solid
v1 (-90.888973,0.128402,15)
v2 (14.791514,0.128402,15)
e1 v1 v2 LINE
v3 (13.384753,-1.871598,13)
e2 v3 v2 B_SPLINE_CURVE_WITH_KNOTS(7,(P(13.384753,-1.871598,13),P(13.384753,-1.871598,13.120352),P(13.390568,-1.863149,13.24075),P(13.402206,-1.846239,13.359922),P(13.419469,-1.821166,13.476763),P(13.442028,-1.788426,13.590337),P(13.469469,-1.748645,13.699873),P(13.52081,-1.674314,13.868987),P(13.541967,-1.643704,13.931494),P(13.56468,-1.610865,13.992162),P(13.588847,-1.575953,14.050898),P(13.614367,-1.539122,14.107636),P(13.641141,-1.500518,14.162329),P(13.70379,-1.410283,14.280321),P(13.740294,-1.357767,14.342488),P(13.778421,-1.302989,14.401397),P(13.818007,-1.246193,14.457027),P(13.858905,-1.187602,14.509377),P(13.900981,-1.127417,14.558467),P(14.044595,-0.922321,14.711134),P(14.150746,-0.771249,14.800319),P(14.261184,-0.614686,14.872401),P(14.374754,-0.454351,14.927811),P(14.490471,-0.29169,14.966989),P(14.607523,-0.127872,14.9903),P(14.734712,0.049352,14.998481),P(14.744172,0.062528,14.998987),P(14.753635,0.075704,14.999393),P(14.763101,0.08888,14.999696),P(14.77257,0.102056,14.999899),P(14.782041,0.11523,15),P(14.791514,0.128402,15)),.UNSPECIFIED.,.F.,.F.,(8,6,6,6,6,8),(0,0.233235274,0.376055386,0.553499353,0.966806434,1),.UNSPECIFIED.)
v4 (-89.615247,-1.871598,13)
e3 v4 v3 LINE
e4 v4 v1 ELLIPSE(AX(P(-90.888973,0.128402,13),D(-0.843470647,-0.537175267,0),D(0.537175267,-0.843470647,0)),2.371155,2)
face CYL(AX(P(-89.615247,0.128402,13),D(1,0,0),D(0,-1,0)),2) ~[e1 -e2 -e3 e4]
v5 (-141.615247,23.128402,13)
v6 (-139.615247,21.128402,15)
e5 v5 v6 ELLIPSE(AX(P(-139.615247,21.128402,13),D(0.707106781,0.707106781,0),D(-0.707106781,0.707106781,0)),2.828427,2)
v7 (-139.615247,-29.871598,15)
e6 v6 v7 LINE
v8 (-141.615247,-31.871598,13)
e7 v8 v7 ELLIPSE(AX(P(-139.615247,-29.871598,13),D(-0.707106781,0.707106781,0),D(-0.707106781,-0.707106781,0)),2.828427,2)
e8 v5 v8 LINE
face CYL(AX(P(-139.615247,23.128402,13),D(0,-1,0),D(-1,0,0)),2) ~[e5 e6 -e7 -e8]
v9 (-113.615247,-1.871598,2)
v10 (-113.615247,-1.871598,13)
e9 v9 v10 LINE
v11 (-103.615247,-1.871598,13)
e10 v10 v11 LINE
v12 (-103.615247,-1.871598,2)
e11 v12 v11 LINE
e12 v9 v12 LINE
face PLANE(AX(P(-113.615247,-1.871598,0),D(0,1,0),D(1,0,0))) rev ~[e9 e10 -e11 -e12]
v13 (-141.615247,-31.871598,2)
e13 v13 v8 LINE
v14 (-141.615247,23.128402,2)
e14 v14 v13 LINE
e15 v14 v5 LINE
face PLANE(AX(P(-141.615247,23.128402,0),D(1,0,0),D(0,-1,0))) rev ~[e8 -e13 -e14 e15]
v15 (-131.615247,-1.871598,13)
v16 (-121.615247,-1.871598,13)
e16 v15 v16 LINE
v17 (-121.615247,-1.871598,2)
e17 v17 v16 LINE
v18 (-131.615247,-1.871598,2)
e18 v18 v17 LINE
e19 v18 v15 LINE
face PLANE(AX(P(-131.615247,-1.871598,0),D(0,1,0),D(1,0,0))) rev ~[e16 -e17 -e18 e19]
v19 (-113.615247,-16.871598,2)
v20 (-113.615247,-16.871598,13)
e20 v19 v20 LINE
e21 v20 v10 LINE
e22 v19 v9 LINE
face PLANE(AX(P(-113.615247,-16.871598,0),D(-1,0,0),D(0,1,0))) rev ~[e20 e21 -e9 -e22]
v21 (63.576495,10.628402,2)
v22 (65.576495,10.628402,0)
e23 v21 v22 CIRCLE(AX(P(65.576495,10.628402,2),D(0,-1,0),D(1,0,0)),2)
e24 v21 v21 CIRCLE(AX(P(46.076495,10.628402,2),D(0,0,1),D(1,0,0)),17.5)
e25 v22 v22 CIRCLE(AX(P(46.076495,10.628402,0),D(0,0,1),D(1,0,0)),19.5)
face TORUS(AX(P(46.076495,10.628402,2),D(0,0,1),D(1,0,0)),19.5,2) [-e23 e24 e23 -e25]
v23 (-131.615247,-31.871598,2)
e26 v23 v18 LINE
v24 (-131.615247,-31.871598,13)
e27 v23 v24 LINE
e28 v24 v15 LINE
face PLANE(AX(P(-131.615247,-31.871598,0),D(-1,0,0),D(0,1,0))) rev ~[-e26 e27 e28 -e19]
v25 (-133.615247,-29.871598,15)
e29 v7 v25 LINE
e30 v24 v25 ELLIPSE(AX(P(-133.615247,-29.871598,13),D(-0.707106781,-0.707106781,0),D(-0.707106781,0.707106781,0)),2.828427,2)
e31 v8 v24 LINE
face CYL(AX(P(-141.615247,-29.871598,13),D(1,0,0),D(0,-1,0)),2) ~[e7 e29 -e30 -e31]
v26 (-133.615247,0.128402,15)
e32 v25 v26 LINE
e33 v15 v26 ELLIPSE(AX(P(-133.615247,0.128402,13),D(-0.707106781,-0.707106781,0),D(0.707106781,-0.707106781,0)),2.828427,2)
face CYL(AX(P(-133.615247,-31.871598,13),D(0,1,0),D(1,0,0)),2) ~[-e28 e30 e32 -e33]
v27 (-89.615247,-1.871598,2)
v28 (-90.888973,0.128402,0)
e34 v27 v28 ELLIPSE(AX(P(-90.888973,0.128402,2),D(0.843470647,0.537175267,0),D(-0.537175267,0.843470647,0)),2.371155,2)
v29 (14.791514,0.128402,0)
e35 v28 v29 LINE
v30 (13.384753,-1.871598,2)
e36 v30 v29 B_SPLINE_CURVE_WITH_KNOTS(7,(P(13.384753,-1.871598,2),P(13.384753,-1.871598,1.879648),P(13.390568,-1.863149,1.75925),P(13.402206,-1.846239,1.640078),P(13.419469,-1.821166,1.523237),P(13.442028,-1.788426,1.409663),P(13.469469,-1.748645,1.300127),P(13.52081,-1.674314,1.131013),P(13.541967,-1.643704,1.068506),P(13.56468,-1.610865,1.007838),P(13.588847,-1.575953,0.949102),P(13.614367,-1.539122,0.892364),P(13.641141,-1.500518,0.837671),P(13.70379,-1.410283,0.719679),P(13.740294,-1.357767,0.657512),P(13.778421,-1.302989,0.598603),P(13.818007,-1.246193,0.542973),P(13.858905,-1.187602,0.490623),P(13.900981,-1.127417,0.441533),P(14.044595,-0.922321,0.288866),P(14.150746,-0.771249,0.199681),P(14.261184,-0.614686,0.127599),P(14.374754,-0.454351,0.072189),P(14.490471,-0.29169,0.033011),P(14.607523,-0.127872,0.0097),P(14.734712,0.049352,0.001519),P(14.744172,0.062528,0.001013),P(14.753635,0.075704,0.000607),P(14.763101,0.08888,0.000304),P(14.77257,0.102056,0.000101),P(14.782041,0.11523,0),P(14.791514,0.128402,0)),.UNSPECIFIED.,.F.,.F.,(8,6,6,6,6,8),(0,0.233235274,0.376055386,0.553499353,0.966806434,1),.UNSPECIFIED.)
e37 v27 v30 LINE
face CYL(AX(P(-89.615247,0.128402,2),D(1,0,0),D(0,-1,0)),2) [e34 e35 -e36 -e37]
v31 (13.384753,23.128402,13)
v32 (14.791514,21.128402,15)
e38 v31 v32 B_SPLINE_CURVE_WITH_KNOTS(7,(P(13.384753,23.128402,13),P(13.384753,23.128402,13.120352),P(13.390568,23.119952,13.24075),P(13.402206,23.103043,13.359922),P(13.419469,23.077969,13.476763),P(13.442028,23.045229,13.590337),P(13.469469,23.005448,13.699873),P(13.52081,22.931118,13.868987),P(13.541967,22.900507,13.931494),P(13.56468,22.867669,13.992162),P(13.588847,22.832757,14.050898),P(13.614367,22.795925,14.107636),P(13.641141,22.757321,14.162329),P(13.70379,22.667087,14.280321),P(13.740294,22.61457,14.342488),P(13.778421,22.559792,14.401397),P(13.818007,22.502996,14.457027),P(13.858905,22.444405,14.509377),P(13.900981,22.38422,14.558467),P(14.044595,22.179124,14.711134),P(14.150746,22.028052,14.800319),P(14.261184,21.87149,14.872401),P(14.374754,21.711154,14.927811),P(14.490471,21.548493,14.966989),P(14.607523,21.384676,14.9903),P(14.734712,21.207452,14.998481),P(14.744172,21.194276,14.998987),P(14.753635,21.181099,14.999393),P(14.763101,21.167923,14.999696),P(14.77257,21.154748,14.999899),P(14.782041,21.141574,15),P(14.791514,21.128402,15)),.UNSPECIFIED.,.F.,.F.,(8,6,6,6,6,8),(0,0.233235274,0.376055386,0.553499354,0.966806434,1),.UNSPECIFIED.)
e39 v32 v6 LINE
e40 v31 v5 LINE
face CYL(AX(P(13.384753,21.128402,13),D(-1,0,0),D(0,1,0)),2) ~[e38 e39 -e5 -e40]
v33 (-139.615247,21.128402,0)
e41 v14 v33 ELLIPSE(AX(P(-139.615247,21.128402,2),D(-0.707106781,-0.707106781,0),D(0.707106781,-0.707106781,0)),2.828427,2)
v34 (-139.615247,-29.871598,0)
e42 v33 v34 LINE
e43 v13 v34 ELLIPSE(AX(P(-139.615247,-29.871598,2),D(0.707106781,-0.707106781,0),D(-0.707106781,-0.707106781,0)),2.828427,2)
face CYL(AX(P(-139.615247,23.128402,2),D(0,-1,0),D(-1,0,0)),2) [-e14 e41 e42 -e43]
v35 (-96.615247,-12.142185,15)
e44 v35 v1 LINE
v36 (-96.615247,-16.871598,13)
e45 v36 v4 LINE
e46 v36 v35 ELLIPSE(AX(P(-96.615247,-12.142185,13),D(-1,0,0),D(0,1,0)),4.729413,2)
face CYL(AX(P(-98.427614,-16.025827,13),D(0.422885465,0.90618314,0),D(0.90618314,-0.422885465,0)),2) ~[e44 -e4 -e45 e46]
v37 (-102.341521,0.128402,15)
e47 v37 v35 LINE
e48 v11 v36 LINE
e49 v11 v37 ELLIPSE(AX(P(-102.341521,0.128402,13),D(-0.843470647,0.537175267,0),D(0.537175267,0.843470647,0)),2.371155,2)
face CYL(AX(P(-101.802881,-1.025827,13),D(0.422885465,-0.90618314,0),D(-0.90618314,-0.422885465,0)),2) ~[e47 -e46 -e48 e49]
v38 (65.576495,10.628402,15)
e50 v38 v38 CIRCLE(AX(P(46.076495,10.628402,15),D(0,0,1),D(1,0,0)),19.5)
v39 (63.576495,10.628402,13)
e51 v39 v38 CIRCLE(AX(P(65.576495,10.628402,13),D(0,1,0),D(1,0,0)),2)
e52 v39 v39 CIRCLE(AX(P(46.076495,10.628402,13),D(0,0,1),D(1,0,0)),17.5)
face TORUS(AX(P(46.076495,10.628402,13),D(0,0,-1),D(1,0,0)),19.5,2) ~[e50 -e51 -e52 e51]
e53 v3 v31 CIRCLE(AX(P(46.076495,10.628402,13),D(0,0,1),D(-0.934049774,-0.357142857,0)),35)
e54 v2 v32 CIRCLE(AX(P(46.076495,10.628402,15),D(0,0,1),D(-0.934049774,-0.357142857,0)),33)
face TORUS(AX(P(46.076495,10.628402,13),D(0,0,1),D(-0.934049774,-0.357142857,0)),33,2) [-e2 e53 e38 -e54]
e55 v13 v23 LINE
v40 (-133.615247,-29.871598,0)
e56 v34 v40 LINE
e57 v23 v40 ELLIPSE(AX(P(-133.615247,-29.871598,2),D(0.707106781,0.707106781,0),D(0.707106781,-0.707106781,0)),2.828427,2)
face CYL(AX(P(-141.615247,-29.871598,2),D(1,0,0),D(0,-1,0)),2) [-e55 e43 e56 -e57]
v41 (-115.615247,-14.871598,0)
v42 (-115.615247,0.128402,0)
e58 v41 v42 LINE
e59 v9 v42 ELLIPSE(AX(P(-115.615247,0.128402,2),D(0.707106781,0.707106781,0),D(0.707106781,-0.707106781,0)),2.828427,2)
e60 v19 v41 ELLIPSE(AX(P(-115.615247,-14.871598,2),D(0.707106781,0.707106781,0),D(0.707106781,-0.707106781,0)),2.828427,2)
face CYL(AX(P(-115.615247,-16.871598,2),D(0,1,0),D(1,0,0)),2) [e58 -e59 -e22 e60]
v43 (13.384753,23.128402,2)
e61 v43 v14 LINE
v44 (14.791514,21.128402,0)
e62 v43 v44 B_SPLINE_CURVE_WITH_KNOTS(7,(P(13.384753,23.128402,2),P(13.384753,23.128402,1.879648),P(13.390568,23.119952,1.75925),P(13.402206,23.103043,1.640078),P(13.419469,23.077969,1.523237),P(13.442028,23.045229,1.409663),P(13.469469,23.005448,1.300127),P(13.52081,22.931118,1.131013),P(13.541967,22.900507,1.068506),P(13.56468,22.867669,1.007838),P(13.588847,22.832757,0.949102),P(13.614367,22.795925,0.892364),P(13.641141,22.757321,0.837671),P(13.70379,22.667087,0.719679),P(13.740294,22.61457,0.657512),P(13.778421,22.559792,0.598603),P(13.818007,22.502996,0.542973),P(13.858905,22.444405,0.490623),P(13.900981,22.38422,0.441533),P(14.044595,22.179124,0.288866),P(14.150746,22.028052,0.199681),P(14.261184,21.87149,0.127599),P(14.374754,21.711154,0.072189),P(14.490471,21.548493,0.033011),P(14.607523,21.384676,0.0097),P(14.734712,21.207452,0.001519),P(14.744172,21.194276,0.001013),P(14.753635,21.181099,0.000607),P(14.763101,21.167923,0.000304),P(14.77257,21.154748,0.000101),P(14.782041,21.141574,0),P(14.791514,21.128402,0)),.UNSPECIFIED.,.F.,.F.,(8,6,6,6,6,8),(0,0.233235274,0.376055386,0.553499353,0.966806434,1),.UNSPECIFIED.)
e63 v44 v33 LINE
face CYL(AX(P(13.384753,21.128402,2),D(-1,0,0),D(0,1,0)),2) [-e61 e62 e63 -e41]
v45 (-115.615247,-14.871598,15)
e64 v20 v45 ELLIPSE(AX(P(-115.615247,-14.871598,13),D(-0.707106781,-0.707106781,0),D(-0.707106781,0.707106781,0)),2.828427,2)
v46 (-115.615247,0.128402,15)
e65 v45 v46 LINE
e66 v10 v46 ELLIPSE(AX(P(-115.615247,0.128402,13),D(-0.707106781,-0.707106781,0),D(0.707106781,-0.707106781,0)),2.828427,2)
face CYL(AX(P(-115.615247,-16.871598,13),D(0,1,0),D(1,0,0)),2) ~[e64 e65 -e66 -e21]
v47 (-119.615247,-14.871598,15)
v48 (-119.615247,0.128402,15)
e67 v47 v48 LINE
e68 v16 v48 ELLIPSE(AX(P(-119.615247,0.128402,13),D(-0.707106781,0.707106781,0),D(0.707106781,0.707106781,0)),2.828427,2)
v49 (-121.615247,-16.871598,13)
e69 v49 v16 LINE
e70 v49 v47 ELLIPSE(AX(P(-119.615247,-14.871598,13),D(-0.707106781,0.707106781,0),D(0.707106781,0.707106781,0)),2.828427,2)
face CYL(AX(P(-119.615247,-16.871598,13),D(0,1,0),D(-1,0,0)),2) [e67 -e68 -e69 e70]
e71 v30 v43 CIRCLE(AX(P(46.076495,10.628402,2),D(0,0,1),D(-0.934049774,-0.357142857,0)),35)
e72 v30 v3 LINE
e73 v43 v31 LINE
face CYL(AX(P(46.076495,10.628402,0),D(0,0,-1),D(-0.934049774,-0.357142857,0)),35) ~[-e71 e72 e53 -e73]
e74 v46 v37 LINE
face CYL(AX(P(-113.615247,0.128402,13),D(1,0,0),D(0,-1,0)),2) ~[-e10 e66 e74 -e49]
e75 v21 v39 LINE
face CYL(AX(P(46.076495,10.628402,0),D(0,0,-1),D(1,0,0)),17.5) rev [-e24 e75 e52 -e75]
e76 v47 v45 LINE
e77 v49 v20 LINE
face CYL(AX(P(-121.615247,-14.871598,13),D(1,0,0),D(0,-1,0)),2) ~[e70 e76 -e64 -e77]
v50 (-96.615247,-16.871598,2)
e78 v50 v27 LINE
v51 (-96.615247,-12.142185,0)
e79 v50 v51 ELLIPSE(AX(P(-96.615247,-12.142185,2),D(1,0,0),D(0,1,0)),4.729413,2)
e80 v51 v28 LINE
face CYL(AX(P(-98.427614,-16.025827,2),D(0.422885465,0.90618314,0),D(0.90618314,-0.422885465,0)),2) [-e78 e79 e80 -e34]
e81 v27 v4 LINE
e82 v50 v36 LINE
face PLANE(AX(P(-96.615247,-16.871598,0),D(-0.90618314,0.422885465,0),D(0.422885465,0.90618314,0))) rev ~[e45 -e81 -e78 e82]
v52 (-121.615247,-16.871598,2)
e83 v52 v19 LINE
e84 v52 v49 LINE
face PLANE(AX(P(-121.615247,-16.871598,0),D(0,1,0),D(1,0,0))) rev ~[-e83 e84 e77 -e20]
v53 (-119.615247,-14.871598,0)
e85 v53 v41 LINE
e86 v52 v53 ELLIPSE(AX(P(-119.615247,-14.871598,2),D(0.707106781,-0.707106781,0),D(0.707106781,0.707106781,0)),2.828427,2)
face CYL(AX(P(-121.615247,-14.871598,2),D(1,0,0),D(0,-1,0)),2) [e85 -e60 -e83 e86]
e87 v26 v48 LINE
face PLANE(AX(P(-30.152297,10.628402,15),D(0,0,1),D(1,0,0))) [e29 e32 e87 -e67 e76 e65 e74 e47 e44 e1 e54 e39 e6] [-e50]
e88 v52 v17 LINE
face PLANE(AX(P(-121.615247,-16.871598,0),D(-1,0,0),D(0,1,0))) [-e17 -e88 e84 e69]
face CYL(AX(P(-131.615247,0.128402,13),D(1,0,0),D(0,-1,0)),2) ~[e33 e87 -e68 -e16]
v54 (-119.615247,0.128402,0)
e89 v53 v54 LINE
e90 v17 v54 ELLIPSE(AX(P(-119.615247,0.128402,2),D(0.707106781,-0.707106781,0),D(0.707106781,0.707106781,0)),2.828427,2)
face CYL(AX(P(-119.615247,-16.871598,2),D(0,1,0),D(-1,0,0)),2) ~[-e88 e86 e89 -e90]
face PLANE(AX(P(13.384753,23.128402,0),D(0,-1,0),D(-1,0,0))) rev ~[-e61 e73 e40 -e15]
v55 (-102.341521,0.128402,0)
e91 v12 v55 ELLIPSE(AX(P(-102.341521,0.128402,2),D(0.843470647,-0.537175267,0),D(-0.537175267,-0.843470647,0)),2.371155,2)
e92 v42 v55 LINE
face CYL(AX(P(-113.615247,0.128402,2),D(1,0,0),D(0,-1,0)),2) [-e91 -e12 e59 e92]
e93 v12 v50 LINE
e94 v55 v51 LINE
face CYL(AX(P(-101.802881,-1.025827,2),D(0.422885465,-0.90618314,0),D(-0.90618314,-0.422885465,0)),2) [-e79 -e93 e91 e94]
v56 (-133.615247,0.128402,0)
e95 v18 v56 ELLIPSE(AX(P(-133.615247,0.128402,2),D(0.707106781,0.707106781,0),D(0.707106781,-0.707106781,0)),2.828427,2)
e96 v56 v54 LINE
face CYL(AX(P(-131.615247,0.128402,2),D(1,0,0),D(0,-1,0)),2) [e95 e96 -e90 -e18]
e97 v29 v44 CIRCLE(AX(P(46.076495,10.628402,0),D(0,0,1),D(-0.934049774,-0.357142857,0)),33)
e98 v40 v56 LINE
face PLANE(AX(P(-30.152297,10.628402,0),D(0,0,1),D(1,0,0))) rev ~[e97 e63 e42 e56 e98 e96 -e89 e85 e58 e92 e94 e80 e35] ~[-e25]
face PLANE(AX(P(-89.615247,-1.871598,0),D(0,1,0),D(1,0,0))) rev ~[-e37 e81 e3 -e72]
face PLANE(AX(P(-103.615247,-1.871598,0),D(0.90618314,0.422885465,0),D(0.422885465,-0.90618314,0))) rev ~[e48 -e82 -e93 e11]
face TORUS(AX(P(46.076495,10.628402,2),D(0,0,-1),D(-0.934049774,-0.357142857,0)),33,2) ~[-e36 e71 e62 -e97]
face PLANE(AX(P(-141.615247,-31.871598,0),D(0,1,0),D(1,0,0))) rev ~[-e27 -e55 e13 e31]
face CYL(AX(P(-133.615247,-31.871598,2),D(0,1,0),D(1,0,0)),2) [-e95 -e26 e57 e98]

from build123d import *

# Parameters (mm, degrees)
F0_R     = 17.5
F0_W     = 10
F0_H     = 30
F0_W_2   = 8
F0_H_2   = 15
F1_DEPTH = 15
F2_R     = 2


with BuildPart() as f1:
    # F0 (on Top) → F1 (new body)
    with BuildSketch(Plane.XY):
        with BuildLine():
            ThreePointArc((13.3847525716, -1.8715982139), (81.0764946481, 10.6284017861), (13.3847525716, 23.1284017861))
            Line((13.3847525716, 23.1284017861), (-141.6152474284, 23.1284017861))
            Line((-141.6152474284, 23.1284017861), (-141.6152474284, -1.8715982139))
            Line((-141.6152474284, -1.8715982139), (-131.6152474284, -1.8715982139))
            Line((-131.6152474284, -1.8715982139), (-121.6152474284, -1.8715982139))
            Line((-121.6152474284, -1.8715982139), (-113.6152474284, -1.8715982139))
            Line((-113.6152474284, -1.8715982139), (-103.6152474284, -1.8715982139))
            Line((-103.6152474284, -1.8715982139), (-89.6152474284, -1.8715982139))
            Line((-89.6152474284, -1.8715982139), (13.3847525716, -1.8715982139))
        make_face()
        with Locations((46.0764946481, 10.6284017861)):
            Circle(F0_R, mode=Mode.SUBTRACT)
        with Locations((-136.6152474284, -16.8715982139)):
            Rectangle(F0_W, F0_H)
        with Locations((-117.6152474284, -9.3715982139)):
            Rectangle(F0_W_2, F0_H_2)
        Polygon((-96.6152474284, -16.8715982139), (-89.6152474284, -1.8715982139), (-103.6152474284, -1.8715982139), align=None)
    extrude(amount=F1_DEPTH)

    # F2
    f2_edges = [f1.edges().sort_by_distance(p)[0] for p in [
        (28.576495, 10.628402, 15),
        (81.076495, 10.628402, 15),
        (-64.115247, 23.128402, 15),
        (-38.115247, -1.871598, 15),
        (-93.115247, -9.371598, 15),
        (-108.615247, -1.871598, 15),
        (-113.615247, -9.371598, 15),
        (-117.615247, -16.871598, 15),
        (-100.115247, -9.371598, 15),
        (-126.615247, -1.871598, 15),
        (-121.615247, -9.371598, 15),
        (-131.615247, -16.871598, 15),
        (-141.615247, -4.371598, 15),
        (-136.615247, -31.871598, 15),
        (28.576495, 10.628402, 0),
        (-93.115247, -9.371598, 0),
        (-100.115247, -9.371598, 0),
        (-38.115247, -1.871598, 0),
        (-141.615247, -4.371598, 0),
        (-64.115247, 23.128402, 0),
        (81.076495, 10.628402, 0),
        (-117.615247, -16.871598, 0),
        (-136.615247, -31.871598, 0),
        (-126.615247, -1.871598, 0),
        (-108.615247, -1.871598, 0),
        (-113.615247, -9.371598, 0),
        (-131.615247, -16.871598, 0),
        (-121.615247, -9.371598, 0),
    ]]
    fillet(f2_edges, radius=F2_R)


solid = f1.part
